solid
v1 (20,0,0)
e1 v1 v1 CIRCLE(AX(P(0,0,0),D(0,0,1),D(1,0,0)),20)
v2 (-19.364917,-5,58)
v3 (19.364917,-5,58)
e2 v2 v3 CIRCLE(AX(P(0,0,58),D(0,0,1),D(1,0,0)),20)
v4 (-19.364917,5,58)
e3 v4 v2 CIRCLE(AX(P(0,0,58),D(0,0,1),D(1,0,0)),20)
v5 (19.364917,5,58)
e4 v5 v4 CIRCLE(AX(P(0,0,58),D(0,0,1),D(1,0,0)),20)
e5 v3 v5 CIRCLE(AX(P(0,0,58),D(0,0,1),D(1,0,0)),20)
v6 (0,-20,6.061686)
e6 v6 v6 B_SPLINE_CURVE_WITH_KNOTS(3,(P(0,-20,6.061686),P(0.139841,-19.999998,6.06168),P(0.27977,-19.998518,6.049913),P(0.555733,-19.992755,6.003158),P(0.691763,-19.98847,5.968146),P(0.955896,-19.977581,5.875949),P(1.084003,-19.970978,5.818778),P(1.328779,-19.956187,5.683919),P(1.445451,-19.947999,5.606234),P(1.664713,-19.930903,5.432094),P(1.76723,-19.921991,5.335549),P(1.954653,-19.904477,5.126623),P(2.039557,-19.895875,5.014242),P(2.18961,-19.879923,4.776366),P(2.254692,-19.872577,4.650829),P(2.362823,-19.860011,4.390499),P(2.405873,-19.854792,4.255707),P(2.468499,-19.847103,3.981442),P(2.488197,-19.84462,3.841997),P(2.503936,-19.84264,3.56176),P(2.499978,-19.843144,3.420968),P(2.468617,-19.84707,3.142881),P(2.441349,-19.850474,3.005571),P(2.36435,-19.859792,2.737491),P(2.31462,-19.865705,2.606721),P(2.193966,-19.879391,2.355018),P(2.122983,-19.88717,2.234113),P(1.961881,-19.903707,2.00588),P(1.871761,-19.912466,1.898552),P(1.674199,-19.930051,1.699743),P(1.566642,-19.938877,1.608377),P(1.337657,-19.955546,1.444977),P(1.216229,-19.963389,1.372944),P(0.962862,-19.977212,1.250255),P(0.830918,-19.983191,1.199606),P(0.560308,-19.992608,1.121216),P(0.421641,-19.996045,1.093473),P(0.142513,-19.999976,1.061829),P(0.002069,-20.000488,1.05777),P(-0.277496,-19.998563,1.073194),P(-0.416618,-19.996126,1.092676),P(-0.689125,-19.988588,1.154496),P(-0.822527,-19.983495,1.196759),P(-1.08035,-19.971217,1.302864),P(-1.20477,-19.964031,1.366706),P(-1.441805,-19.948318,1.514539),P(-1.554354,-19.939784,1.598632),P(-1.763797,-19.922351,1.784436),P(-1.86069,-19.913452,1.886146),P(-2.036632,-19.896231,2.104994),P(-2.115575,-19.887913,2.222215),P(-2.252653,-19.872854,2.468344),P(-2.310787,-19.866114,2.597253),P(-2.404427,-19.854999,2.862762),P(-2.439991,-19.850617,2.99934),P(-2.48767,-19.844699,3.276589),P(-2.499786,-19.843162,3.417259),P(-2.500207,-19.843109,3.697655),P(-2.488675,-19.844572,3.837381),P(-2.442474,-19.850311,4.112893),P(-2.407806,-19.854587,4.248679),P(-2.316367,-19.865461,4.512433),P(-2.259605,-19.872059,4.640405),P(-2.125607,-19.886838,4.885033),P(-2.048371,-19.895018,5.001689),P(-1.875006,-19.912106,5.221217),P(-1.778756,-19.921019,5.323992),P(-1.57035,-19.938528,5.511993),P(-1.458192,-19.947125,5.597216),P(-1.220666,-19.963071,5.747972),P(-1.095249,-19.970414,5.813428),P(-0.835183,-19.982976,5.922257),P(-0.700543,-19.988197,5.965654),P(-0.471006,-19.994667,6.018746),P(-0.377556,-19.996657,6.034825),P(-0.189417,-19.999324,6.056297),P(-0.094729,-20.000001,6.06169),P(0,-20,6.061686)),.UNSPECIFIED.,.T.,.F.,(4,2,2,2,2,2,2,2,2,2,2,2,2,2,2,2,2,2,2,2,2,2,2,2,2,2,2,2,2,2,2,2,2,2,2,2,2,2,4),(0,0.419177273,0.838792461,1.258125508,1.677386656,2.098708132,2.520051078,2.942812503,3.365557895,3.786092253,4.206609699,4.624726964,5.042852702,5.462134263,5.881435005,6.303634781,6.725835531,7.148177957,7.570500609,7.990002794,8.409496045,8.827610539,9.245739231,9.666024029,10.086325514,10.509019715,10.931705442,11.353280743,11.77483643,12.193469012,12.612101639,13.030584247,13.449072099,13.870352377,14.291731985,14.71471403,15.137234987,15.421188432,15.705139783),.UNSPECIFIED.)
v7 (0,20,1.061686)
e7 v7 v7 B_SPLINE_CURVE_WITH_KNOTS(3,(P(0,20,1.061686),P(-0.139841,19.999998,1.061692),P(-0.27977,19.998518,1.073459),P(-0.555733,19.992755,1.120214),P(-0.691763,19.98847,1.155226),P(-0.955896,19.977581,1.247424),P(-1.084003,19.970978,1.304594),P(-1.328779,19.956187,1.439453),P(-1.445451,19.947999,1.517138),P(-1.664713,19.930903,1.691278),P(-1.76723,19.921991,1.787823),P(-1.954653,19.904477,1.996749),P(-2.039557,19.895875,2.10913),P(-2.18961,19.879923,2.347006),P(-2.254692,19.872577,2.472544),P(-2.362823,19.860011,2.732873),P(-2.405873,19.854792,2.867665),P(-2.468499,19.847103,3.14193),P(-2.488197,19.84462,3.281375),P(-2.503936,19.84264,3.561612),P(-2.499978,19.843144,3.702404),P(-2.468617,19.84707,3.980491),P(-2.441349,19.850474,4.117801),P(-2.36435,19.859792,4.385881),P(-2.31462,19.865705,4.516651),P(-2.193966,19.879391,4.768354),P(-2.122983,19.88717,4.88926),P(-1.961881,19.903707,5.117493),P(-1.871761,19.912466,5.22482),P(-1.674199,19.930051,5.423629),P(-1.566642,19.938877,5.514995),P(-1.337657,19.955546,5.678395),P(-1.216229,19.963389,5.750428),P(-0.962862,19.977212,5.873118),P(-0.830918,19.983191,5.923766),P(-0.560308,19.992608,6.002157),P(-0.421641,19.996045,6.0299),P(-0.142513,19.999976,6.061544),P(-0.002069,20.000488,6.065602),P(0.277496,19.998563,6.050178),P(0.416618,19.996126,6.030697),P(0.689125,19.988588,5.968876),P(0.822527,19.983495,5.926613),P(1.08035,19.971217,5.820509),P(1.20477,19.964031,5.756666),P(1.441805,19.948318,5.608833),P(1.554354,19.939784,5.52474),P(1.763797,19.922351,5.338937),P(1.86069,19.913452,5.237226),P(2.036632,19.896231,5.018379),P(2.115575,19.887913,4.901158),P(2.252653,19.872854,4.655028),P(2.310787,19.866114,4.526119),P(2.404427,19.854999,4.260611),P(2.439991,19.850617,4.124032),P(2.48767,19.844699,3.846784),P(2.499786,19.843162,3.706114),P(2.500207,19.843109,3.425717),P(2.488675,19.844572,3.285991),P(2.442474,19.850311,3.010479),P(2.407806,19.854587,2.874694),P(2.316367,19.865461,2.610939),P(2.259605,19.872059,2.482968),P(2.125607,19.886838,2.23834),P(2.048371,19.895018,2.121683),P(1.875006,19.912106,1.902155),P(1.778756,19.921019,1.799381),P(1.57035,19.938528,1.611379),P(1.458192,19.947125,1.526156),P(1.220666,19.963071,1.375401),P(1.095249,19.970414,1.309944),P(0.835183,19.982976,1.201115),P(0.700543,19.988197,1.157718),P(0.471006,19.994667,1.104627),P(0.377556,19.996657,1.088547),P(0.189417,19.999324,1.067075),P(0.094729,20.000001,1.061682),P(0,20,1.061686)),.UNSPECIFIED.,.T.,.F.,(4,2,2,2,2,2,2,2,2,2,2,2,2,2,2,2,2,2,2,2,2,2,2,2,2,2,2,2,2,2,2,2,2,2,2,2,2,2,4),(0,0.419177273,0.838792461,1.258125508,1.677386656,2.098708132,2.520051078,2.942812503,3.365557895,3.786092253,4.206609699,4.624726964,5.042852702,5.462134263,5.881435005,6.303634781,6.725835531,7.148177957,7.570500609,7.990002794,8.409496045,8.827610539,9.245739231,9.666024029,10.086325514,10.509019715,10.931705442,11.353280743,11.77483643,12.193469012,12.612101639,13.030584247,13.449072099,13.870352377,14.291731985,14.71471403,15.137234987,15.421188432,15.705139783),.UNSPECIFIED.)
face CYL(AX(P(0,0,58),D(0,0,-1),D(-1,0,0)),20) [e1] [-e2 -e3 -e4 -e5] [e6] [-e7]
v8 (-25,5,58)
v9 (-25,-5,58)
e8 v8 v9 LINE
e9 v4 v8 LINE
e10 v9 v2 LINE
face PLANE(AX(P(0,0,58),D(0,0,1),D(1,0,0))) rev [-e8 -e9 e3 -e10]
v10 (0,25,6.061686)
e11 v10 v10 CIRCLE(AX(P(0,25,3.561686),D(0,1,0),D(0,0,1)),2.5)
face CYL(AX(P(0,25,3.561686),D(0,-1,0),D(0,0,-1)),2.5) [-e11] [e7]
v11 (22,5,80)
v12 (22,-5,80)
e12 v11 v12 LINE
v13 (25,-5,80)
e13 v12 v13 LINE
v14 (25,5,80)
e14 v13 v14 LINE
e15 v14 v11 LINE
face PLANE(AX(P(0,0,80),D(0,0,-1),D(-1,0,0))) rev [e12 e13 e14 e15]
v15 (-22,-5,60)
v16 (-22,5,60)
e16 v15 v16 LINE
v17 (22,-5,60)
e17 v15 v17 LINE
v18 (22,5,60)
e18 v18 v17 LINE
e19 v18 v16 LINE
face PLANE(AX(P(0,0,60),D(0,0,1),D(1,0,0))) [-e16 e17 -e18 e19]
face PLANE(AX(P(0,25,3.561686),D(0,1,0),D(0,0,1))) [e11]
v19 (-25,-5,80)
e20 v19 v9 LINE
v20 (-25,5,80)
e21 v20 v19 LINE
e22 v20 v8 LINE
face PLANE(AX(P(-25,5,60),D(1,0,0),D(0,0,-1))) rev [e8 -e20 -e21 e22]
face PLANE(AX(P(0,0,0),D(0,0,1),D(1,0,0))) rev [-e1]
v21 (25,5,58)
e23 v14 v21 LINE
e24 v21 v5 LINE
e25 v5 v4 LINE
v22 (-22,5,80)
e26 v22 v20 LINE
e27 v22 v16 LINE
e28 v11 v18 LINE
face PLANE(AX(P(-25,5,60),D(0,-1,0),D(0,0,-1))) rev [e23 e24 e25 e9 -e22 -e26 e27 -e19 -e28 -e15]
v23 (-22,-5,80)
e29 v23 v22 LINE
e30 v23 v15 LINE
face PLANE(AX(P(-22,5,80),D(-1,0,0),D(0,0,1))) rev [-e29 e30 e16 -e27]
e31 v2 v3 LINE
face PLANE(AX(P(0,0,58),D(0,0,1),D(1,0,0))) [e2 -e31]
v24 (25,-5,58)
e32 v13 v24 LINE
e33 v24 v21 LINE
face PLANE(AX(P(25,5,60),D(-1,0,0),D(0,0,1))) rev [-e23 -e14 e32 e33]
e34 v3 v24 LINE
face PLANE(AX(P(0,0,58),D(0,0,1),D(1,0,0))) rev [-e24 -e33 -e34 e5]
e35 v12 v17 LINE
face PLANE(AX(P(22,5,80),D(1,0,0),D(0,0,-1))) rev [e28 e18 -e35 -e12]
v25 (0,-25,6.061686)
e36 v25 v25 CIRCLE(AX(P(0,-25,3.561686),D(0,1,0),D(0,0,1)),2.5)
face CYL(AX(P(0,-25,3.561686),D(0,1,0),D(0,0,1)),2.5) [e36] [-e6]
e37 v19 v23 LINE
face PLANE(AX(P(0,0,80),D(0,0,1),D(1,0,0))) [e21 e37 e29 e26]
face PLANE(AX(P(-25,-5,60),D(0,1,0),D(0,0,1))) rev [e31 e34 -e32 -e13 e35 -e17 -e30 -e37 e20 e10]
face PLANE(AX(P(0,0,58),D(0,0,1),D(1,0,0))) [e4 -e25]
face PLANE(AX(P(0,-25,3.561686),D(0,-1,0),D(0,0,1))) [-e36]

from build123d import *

# Parameters (mm, degrees)
SKETCH1_R           = 20
BOSS_EXTRUDE1_DEPTH = 58
SKETCH7_R           = 2.5
BOSS_EXTRUDE2_DEPTH = 25
SKETCH8_W           = 50
SKETCH8_H           = 10
BOSS_EXTRUDE3_DEPTH = 2
SKETCH9_W           = 3
SKETCH9_H           = 10
BOSS_EXTRUDE4_DEPTH = 20
SKETCH10_W          = 3
SKETCH10_H          = 10
BOSS_EXTRUDE5_DEPTH = 20


with BuildPart() as part:
    # Sketch1 → Boss-Extrude1 (new body)
    with BuildSketch(Plane.XY):
        Circle(SKETCH1_R)
    extrude(amount=BOSS_EXTRUDE1_DEPTH)

    # Sketch7 → Boss-Extrude2 (add)
    with BuildSketch(Plane(origin=(0, 0, 0), x_dir=(1, 0, 0), z_dir=(0, 1, 0))):
        with Locations((0, -3.561686207)):
            Circle(SKETCH7_R)
    boss_extrude2 = extrude(amount=BOSS_EXTRUDE2_DEPTH)

    # Sketch8 → Boss-Extrude3 (add)
    with BuildSketch(Plane.XY.offset(58)):
        Rectangle(SKETCH8_W, SKETCH8_H)
    extrude(amount=BOSS_EXTRUDE3_DEPTH)

    # Sketch9 → Boss-Extrude4 (add)
    with BuildSketch(Plane.XY.offset(60)):
        with Locations((-23.5, 0)):
            Rectangle(SKETCH9_W, SKETCH9_H)
    extrude(amount=BOSS_EXTRUDE4_DEPTH)

    # Sketch10 → Boss-Extrude5 (add)
    with BuildSketch(Plane.XY.offset(60)):
        with Locations((23.5, 0)):
            Rectangle(SKETCH10_W, SKETCH10_H)
    extrude(amount=BOSS_EXTRUDE5_DEPTH)

    # Mirror1: Boss-Extrude2 across plane
    add(boss_extrude2.mirror(Plane.ZX))


solid = part.part
